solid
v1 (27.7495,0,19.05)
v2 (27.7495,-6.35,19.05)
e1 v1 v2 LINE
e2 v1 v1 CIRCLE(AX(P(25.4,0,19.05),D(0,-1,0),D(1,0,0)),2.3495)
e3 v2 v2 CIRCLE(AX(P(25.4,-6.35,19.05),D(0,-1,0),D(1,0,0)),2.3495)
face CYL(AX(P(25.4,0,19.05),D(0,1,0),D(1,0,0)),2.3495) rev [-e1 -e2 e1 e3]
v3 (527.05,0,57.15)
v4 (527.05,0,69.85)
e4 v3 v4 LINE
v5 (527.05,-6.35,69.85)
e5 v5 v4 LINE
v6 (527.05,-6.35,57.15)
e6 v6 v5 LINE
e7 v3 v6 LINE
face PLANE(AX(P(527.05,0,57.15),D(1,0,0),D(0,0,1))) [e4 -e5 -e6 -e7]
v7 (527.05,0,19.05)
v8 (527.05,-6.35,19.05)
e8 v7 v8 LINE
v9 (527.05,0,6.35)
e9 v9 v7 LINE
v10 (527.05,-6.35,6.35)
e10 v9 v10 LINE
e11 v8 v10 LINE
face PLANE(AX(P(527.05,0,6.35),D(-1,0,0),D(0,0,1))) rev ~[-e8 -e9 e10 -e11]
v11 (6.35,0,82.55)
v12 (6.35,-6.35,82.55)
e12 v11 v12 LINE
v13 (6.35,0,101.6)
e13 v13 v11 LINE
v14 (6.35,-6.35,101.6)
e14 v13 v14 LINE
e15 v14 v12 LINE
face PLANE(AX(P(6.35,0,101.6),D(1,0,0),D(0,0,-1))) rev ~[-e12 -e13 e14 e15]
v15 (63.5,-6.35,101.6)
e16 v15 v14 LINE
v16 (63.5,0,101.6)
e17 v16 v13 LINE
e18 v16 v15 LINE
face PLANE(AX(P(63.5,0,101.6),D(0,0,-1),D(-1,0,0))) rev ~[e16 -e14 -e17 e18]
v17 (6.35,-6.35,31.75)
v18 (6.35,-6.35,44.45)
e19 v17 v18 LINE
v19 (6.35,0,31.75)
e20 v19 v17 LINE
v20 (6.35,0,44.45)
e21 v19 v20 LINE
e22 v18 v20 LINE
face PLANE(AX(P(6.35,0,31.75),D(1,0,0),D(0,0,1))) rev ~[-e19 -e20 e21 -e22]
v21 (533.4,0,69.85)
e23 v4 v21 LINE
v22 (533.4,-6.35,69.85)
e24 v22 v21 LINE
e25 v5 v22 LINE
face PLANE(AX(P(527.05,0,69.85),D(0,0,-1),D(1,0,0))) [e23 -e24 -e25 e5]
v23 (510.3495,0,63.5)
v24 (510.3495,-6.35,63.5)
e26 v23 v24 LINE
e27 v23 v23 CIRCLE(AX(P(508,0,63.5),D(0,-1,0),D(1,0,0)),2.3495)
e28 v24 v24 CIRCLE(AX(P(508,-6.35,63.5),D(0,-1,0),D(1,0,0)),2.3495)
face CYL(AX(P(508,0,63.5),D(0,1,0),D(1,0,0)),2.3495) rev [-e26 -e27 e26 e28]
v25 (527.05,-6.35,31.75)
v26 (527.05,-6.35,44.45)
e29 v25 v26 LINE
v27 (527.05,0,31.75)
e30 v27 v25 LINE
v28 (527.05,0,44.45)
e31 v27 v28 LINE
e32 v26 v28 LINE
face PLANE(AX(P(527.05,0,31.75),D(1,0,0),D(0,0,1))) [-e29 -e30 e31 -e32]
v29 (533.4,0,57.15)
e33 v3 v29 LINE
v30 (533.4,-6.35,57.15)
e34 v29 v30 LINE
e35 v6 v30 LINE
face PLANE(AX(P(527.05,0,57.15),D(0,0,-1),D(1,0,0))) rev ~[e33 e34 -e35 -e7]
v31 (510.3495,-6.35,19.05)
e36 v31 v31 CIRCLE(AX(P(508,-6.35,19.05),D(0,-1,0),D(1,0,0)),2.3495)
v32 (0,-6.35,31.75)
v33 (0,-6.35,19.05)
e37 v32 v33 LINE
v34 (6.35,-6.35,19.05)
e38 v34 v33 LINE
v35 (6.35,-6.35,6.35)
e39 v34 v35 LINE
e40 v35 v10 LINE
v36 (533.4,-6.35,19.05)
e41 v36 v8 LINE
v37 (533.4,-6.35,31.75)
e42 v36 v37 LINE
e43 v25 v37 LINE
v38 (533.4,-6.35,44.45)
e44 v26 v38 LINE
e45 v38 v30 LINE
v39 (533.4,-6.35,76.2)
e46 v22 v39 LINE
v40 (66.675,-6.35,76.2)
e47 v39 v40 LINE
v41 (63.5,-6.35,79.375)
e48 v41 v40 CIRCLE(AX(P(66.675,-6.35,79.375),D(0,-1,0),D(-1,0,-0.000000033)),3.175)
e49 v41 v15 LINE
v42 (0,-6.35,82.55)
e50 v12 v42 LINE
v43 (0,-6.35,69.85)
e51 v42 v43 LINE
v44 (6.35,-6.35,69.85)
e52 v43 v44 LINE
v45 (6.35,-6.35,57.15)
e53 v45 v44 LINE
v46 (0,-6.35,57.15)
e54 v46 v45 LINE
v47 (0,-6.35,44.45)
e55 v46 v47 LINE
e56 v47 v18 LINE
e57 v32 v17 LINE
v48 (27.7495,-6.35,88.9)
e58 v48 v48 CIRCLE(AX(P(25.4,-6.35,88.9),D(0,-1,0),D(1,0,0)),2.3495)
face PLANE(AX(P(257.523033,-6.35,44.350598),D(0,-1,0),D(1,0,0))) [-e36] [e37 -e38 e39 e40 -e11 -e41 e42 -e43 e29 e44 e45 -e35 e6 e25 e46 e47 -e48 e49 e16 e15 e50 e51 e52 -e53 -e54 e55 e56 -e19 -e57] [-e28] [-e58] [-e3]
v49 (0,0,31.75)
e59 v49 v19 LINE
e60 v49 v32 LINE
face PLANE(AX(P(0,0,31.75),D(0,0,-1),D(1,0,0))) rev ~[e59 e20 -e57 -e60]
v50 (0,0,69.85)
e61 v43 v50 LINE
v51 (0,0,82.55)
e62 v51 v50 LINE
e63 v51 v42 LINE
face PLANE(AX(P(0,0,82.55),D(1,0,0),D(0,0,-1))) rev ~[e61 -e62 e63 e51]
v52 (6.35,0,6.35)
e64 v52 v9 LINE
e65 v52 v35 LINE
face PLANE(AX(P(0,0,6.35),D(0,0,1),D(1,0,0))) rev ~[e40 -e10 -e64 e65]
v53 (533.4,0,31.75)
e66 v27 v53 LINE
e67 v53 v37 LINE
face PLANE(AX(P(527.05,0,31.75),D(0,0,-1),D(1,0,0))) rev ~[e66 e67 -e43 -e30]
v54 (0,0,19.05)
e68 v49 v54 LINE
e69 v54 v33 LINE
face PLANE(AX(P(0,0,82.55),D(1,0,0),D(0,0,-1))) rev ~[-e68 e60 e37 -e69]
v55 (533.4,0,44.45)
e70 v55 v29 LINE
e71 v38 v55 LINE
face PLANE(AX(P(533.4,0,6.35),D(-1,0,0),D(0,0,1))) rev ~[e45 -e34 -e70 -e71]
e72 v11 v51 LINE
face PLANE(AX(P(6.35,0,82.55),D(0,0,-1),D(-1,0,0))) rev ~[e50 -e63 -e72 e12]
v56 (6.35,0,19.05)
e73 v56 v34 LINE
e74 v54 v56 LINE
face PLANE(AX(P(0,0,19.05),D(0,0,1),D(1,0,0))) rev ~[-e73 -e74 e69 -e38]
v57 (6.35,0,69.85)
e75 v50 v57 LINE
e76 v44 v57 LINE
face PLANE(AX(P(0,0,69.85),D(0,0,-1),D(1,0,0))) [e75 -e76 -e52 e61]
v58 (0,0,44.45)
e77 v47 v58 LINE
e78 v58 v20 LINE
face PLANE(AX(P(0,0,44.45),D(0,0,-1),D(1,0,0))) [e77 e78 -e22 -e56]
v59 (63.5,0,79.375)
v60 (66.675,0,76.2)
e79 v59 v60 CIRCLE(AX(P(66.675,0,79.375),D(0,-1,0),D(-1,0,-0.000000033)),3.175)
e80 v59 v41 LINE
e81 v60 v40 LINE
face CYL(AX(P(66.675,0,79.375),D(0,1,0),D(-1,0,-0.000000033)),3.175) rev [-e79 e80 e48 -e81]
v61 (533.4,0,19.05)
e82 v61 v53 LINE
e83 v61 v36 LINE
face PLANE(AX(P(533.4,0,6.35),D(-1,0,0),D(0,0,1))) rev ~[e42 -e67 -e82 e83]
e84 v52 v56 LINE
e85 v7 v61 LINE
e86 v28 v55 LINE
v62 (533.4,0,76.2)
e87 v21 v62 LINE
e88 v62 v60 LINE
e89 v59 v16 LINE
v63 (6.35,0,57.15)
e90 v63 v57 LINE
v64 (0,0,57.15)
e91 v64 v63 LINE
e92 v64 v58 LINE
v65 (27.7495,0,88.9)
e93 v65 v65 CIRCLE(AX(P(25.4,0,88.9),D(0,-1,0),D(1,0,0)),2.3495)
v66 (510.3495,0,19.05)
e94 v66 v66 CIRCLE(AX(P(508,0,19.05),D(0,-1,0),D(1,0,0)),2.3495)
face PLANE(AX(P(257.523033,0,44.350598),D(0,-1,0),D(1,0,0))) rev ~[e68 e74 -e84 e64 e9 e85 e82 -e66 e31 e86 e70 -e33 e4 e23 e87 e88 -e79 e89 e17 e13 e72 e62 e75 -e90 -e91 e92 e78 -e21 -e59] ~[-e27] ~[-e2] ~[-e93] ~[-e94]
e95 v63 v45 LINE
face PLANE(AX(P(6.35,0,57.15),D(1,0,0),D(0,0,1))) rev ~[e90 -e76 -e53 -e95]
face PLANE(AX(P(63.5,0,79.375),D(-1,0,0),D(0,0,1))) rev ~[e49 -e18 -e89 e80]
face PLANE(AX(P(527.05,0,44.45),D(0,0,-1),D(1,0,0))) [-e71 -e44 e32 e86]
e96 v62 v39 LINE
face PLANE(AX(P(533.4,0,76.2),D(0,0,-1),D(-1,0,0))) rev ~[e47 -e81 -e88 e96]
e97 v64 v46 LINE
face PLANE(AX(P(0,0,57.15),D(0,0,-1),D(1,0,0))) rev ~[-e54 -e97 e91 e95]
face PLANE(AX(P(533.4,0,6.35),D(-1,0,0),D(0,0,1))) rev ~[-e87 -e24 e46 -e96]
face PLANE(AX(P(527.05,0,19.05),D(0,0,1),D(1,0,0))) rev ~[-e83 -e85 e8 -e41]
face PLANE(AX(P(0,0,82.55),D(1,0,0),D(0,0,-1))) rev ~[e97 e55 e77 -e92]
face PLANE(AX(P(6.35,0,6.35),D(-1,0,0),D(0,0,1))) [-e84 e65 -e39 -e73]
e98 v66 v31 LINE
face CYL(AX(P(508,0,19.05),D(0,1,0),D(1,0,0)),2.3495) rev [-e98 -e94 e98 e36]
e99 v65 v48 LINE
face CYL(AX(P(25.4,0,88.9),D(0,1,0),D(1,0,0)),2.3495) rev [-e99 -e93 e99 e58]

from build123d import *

# Parameters (mm, degrees)
SKETCH006_R            = 2.3495
PAD006_DEPTH           = 6.35
SKETCH007_W            = 6.35
SKETCH007_H            = 12.7
POCKET002_DEPTH        = 0.001
POCKET002_DEPTH_BACK   = 6.351
LINEARPATTERN002_COUNT = 3
LINEARPATTERN002_PITCH = 25.4
SKETCH009_W            = 6.35
SKETCH009_H            = 12.7
POCKET003_DEPTH        = 0.001
POCKET003_DEPTH_BACK   = 6.351
LINEARPATTERN003_COUNT = 3
LINEARPATTERN003_PITCH = 25.4


with BuildPart() as part:
    # Sketch006 → Pad006 (new body)
    with BuildSketch(Plane.XZ):
        with BuildLine():
            Line((533.4, 6.35), (533.4, 76.2))
            Line((533.4, 76.2), (66.675, 76.2))
            ThreePointArc((63.5, 79.375), (64.429936, 77.129936), (66.675, 76.2))
            Line((63.5, 79.375), (63.5, 101.6))
            Line((63.5, 101.6), (6.35, 101.6))
            Line((6.35, 101.6), (6.35, 82.55))
            Line((6.35, 82.55), (0, 82.55))
            Line((0, 82.55), (0, 6.35))
            Line((0, 6.35), (533.4, 6.35))
        make_face()
        with Locations((508, 63.5)):
            Circle(SKETCH006_R, mode=Mode.SUBTRACT)
        with Locations((508, 19.05)):
            Circle(SKETCH006_R, mode=Mode.SUBTRACT)
        with Locations((25.4, 19.05)):
            Circle(SKETCH006_R, mode=Mode.SUBTRACT)
        with Locations((25.4, 88.9)):
            Circle(SKETCH006_R, mode=Mode.SUBTRACT)
    extrude(amount=PAD006_DEPTH)

    # Sketch007 → Pocket002 (cut, two sides)
    with BuildSketch(Plane.XZ) as pocket002_sk:
        with Locations((3.175, 12.7)):
            Rectangle(SKETCH007_W, SKETCH007_H)
    pocket002 = extrude(amount=-POCKET002_DEPTH, mode=Mode.SUBTRACT) + extrude(pocket002_sk.sketch, amount=POCKET002_DEPTH_BACK, mode=Mode.SUBTRACT)

    # LinearPattern002: Pocket002 ×3
    with Locations(*[(0, 0, i * LINEARPATTERN002_PITCH) for i in range(1, LINEARPATTERN002_COUNT)]):
        add(pocket002, mode=Mode.SUBTRACT)

    # Sketch009 → Pocket003 (cut, two sides)
    with BuildSketch(Plane.XZ) as pocket003_sk:
        with Locations((530.225, 12.7)):
            Rectangle(SKETCH009_W, SKETCH009_H)
    pocket003 = extrude(amount=-POCKET003_DEPTH, mode=Mode.SUBTRACT) + extrude(pocket003_sk.sketch, amount=POCKET003_DEPTH_BACK, mode=Mode.SUBTRACT)

    # LinearPattern003: Pocket003 ×3
    with Locations(*[(0, 0, i * LINEARPATTERN003_PITCH) for i in range(1, LINEARPATTERN003_COUNT)]):
        add(pocket003, mode=Mode.SUBTRACT)


solid = part.part
